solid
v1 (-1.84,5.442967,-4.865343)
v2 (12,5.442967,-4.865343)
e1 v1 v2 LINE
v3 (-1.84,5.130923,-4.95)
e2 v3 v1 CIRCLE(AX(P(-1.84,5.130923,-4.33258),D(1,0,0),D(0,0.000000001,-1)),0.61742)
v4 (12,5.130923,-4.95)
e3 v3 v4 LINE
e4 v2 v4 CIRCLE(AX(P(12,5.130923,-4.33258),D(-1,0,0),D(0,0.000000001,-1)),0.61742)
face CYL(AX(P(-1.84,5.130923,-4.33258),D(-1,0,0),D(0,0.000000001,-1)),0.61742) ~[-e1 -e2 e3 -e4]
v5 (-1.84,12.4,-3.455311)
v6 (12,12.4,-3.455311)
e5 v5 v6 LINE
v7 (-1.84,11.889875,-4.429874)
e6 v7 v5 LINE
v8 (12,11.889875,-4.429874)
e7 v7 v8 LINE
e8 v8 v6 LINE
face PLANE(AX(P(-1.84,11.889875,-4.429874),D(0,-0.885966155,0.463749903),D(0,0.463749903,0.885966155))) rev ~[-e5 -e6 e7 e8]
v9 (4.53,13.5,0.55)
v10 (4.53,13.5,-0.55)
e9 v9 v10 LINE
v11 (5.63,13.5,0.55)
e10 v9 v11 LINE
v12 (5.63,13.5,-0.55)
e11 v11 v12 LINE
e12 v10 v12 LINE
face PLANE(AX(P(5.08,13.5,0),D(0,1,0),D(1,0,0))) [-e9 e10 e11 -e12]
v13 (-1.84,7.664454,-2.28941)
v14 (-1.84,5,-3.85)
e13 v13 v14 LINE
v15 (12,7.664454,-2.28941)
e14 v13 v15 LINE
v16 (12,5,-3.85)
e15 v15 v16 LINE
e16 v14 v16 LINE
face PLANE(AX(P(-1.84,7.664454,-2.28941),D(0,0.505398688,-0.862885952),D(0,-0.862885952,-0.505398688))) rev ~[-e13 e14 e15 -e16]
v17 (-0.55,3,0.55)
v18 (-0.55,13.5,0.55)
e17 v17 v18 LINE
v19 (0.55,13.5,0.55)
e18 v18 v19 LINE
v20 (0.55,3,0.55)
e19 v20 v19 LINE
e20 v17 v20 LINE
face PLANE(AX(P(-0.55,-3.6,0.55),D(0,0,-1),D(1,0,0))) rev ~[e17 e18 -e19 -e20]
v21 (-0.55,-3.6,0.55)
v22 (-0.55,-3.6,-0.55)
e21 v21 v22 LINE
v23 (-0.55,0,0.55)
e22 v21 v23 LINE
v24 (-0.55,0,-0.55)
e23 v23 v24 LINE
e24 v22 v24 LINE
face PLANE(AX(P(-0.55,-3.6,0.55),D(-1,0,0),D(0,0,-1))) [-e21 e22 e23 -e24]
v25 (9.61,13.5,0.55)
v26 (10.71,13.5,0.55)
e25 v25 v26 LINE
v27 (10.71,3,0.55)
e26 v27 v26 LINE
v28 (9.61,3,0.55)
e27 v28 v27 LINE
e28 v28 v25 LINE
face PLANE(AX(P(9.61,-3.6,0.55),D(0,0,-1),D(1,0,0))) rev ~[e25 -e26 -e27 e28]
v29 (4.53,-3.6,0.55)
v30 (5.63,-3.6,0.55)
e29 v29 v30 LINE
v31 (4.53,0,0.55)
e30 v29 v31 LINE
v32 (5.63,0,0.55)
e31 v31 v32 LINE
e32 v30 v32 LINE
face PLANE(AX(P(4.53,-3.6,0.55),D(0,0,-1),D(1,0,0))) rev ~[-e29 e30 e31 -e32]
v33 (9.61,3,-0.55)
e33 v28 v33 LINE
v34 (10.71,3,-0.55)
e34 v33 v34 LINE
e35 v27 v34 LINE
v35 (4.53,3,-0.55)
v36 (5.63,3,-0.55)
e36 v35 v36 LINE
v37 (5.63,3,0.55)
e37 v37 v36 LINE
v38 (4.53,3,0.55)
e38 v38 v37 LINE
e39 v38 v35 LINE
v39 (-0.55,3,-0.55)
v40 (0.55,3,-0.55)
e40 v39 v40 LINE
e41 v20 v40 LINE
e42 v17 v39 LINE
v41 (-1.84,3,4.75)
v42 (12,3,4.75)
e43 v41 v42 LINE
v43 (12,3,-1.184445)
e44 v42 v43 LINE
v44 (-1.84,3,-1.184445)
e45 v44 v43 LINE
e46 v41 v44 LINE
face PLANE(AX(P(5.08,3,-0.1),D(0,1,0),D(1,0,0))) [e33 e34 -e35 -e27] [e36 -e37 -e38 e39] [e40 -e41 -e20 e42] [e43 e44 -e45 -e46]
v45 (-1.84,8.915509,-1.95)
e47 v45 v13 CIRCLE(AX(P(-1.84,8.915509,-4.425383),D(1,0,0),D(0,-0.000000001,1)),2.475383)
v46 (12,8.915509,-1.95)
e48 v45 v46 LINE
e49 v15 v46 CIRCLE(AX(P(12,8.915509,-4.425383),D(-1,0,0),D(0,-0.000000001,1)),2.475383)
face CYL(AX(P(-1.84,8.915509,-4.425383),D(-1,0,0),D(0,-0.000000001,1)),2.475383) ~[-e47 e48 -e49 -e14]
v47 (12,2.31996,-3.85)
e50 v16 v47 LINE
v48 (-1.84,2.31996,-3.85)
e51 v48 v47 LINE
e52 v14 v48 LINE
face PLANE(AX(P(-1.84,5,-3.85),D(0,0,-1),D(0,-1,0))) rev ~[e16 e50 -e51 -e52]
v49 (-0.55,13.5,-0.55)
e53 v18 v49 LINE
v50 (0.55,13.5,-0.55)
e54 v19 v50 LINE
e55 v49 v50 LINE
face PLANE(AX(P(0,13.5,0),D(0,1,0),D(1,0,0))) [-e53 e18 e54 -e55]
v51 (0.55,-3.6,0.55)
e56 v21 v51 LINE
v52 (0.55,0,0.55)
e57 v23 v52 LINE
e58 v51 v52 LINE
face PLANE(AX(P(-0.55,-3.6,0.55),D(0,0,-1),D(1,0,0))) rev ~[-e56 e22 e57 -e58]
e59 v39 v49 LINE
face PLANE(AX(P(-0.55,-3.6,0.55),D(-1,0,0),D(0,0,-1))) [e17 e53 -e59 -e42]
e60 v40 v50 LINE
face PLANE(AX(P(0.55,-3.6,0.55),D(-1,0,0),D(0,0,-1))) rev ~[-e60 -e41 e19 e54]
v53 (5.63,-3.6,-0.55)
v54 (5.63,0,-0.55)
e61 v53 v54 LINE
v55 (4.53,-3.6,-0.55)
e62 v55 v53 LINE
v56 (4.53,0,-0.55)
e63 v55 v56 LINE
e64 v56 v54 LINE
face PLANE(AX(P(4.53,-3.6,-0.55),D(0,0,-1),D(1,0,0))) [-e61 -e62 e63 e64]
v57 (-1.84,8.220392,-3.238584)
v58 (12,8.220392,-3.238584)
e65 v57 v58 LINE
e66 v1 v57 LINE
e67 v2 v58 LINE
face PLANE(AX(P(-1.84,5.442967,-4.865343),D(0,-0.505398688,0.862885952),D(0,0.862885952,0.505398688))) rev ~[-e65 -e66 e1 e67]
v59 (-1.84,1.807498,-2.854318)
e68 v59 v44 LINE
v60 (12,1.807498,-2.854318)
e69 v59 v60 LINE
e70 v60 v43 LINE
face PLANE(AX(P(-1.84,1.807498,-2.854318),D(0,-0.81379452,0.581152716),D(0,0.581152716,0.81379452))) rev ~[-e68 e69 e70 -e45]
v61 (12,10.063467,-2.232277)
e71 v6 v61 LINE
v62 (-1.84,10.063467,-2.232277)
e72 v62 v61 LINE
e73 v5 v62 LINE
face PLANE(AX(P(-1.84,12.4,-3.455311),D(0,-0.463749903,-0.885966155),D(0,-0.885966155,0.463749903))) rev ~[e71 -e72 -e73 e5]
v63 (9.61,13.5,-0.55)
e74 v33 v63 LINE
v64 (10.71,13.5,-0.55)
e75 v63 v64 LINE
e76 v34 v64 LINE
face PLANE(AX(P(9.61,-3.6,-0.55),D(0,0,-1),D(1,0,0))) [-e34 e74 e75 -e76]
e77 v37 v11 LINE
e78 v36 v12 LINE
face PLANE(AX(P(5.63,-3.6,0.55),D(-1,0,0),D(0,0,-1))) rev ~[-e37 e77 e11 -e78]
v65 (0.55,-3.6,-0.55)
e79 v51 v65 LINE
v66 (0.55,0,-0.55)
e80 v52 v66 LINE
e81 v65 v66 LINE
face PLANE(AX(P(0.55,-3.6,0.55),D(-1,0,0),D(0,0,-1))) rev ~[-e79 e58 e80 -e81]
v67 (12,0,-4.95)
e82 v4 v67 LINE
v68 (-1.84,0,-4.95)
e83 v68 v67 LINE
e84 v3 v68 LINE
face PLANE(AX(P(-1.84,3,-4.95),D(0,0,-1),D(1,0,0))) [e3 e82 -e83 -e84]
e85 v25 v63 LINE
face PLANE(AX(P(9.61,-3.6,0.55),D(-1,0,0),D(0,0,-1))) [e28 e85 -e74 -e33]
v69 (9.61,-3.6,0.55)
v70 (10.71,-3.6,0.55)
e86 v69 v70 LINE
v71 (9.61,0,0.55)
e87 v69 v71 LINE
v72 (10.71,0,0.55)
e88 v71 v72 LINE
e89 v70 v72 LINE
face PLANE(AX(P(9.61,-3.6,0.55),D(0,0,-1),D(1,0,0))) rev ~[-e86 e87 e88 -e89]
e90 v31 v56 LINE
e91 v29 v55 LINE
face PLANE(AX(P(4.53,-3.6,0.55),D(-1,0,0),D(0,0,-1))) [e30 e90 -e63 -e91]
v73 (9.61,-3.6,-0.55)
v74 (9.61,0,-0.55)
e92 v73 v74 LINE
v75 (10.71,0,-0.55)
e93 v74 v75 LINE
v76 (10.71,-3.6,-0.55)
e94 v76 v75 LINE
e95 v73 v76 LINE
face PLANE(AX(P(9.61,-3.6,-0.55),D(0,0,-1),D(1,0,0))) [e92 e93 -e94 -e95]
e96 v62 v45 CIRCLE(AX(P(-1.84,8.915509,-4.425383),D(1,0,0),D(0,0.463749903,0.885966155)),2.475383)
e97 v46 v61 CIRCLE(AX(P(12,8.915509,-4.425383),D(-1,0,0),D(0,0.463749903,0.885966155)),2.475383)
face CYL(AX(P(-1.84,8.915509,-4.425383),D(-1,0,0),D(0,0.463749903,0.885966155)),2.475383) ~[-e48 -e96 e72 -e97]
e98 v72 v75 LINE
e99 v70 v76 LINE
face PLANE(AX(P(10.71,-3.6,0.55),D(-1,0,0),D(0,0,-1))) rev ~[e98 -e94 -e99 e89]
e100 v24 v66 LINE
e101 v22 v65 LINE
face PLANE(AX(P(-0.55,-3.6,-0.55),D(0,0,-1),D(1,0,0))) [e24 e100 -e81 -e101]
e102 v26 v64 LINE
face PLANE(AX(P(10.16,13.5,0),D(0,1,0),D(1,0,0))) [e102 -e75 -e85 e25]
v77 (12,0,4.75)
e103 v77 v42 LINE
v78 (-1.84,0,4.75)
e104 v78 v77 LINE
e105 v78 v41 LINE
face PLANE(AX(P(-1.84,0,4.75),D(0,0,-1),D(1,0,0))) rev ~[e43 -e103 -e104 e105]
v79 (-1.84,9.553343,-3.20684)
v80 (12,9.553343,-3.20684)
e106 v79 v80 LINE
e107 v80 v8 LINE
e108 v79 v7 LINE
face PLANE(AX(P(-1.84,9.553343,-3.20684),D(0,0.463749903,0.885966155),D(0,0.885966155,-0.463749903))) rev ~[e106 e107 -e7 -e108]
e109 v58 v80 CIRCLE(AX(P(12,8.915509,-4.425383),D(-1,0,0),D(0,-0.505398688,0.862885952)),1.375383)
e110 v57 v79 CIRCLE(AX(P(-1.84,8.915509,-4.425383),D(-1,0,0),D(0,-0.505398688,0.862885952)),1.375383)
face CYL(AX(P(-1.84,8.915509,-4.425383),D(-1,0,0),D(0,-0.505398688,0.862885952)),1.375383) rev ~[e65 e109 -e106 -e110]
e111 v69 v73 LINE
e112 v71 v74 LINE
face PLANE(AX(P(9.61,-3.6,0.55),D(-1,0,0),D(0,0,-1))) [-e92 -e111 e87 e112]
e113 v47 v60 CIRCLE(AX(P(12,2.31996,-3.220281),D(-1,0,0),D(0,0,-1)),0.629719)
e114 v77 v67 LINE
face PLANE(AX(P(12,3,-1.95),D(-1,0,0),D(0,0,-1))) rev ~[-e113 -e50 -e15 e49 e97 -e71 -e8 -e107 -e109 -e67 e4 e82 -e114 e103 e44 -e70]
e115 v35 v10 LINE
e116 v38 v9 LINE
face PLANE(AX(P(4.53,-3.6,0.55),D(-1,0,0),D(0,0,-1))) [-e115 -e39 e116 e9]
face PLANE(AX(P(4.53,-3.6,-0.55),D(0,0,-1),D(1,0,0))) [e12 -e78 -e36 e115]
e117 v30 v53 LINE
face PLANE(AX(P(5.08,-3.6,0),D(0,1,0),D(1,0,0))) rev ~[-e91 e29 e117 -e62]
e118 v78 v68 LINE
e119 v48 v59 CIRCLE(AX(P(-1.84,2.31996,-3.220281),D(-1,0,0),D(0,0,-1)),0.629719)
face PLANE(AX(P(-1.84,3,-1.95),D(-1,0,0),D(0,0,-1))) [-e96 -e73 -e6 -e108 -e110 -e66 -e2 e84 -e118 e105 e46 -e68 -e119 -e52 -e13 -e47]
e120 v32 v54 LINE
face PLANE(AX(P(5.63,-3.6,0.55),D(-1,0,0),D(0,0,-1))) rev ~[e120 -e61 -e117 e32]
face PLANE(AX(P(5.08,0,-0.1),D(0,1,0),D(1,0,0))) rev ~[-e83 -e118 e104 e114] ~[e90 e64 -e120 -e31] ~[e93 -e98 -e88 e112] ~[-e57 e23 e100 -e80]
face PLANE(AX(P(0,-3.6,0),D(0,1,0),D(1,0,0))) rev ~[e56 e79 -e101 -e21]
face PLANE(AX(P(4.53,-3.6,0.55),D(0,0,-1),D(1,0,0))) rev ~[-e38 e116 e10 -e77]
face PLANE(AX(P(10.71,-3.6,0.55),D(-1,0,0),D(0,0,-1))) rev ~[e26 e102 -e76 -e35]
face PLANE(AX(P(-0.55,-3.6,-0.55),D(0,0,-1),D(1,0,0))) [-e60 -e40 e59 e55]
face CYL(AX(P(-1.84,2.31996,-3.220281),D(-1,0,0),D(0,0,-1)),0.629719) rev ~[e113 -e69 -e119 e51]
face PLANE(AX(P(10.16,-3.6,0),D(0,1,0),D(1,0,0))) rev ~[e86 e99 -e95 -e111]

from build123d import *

# Parameters (mm, degrees)
CROQUIS1_W                   = 13.84
CROQUIS1_H                   = 9.7
CROQUIS1_W_2                 = 1.1
CROQUIS1_H_2                 = 1.1
SALIENTE_EXTRUIR1_DEPTH      = 3
CROQUIS2_W                   = 13.84
CROQUIS2_H                   = 3
SALIENTE_EXTRUIR2_DEPTH      = 9.4
CORTAR_EXTRUIR1_DEPTH        = 16.490841585
SALIENTE_EXTRUIR3_DEPTH      = 13.5
SALIENTE_EXTRUIR3_DEPTH_BACK = 3.6
CROQUIS5_W                   = 1.1
CROQUIS5_H                   = 1.1


with BuildPart() as part:
    # Croquis1 → Saliente-Extruir1 (new body)
    with BuildSketch(Plane(origin=(0, 0, 0), x_dir=(1, 0, 0), z_dir=(0, 1, 0))):
        with Locations((5.08, 0.1)):
            Rectangle(CROQUIS1_W, CROQUIS1_H)
        Rectangle(CROQUIS1_W_2, CROQUIS1_H_2, mode=Mode.SUBTRACT)
        with Locations((10.16, 0)):
            Rectangle(CROQUIS1_W_2, CROQUIS1_H_2, mode=Mode.SUBTRACT)
        with Locations((5.08, 0)):
            Rectangle(CROQUIS1_W_2, CROQUIS1_H_2, mode=Mode.SUBTRACT)
    extrude(amount=SALIENTE_EXTRUIR1_DEPTH)

    # Croquis2 → Saliente-Extruir2 (add)
    with BuildSketch(Plane(origin=(0, 3, 0), x_dir=(1, 0, 0), z_dir=(0, 1, 0))):
        with Locations((5.08, 3.45)):
            Rectangle(CROQUIS2_W, CROQUIS2_H)
    extrude(amount=SALIENTE_EXTRUIR2_DEPTH)

    # Croquis3 → Cortar-Extruir1 (cut)
    with BuildSketch(Plane.ZY.offset(1.84)):
        with BuildLine():
            Line((-4.95, 12.4), (-4.95, 5.130923429))
            ThreePointArc((-4.95, 5.130923429), (-4.928460036, 5.292584893), (-4.865343077, 5.442966568))
            Line((-4.865343077, 5.442966568), (-3.238584298, 8.220392257))
            ThreePointArc((-3.238584298, 8.220392257), (-3.050389859, 8.882763545), (-3.206840185, 9.553342522))
            Line((-3.206840185, 9.553342522), (-4.429874218, 11.889875107))
            Line((-4.429874218, 11.889875107), (-3.455311447, 12.4))
            Line((-3.455311447, 12.4), (-4.95, 12.4))
        make_face()
        with BuildLine():
            Line((-1.95, 12.4), (-3.455311447, 12.4))
            Line((-3.455311447, 12.4), (-2.232277415, 10.063467416))
            ThreePointArc((-2.232277415, 10.063467416), (-2.021605007, 9.506586156), (-1.95, 8.9155089))
            Line((-1.95, 8.9155089), (-1.95, 12.4))
        make_face()
        with BuildLine():
            Line((-1.95, 3), (-1.95, 8.9155089))
            ThreePointArc((-1.95, 8.9155089), (-2.036358841, 8.267369623), (-2.28940975, 7.664453701))
            Line((-2.28940975, 7.664453701), (-3.85, 5))
            Line((-3.85, 5), (-3.85, 2.319959731))
            ThreePointArc((-3.85, 2.319959731), (-3.508458272, 1.760049187), (-2.854318236, 1.807497933))
            Line((-2.854318236, 1.807497933), (-1.184444515, 3))
            Line((-1.184444515, 3), (-1.95, 3))
        make_face()
    extrude(amount=-CORTAR_EXTRUIR1_DEPTH, mode=Mode.SUBTRACT)

    # Croquis5 → Saliente-Extruir3 (add, two sides: drawn at the far end of the back side and taken through both)
    with BuildSketch(Plane(origin=(0, 0, 0), x_dir=(1, 0, 0), z_dir=(0, 1, 0)).offset(-SALIENTE_EXTRUIR3_DEPTH_BACK)):
        with Locations((10.16, 0)):
            Rectangle(CROQUIS5_W, CROQUIS5_H)
        Rectangle(CROQUIS5_W, CROQUIS5_H)
        with Locations((5.08, 0)):
            Rectangle(CROQUIS5_W, CROQUIS5_H)
    extrude(amount=SALIENTE_EXTRUIR3_DEPTH + SALIENTE_EXTRUIR3_DEPTH_BACK)


solid = part.part
